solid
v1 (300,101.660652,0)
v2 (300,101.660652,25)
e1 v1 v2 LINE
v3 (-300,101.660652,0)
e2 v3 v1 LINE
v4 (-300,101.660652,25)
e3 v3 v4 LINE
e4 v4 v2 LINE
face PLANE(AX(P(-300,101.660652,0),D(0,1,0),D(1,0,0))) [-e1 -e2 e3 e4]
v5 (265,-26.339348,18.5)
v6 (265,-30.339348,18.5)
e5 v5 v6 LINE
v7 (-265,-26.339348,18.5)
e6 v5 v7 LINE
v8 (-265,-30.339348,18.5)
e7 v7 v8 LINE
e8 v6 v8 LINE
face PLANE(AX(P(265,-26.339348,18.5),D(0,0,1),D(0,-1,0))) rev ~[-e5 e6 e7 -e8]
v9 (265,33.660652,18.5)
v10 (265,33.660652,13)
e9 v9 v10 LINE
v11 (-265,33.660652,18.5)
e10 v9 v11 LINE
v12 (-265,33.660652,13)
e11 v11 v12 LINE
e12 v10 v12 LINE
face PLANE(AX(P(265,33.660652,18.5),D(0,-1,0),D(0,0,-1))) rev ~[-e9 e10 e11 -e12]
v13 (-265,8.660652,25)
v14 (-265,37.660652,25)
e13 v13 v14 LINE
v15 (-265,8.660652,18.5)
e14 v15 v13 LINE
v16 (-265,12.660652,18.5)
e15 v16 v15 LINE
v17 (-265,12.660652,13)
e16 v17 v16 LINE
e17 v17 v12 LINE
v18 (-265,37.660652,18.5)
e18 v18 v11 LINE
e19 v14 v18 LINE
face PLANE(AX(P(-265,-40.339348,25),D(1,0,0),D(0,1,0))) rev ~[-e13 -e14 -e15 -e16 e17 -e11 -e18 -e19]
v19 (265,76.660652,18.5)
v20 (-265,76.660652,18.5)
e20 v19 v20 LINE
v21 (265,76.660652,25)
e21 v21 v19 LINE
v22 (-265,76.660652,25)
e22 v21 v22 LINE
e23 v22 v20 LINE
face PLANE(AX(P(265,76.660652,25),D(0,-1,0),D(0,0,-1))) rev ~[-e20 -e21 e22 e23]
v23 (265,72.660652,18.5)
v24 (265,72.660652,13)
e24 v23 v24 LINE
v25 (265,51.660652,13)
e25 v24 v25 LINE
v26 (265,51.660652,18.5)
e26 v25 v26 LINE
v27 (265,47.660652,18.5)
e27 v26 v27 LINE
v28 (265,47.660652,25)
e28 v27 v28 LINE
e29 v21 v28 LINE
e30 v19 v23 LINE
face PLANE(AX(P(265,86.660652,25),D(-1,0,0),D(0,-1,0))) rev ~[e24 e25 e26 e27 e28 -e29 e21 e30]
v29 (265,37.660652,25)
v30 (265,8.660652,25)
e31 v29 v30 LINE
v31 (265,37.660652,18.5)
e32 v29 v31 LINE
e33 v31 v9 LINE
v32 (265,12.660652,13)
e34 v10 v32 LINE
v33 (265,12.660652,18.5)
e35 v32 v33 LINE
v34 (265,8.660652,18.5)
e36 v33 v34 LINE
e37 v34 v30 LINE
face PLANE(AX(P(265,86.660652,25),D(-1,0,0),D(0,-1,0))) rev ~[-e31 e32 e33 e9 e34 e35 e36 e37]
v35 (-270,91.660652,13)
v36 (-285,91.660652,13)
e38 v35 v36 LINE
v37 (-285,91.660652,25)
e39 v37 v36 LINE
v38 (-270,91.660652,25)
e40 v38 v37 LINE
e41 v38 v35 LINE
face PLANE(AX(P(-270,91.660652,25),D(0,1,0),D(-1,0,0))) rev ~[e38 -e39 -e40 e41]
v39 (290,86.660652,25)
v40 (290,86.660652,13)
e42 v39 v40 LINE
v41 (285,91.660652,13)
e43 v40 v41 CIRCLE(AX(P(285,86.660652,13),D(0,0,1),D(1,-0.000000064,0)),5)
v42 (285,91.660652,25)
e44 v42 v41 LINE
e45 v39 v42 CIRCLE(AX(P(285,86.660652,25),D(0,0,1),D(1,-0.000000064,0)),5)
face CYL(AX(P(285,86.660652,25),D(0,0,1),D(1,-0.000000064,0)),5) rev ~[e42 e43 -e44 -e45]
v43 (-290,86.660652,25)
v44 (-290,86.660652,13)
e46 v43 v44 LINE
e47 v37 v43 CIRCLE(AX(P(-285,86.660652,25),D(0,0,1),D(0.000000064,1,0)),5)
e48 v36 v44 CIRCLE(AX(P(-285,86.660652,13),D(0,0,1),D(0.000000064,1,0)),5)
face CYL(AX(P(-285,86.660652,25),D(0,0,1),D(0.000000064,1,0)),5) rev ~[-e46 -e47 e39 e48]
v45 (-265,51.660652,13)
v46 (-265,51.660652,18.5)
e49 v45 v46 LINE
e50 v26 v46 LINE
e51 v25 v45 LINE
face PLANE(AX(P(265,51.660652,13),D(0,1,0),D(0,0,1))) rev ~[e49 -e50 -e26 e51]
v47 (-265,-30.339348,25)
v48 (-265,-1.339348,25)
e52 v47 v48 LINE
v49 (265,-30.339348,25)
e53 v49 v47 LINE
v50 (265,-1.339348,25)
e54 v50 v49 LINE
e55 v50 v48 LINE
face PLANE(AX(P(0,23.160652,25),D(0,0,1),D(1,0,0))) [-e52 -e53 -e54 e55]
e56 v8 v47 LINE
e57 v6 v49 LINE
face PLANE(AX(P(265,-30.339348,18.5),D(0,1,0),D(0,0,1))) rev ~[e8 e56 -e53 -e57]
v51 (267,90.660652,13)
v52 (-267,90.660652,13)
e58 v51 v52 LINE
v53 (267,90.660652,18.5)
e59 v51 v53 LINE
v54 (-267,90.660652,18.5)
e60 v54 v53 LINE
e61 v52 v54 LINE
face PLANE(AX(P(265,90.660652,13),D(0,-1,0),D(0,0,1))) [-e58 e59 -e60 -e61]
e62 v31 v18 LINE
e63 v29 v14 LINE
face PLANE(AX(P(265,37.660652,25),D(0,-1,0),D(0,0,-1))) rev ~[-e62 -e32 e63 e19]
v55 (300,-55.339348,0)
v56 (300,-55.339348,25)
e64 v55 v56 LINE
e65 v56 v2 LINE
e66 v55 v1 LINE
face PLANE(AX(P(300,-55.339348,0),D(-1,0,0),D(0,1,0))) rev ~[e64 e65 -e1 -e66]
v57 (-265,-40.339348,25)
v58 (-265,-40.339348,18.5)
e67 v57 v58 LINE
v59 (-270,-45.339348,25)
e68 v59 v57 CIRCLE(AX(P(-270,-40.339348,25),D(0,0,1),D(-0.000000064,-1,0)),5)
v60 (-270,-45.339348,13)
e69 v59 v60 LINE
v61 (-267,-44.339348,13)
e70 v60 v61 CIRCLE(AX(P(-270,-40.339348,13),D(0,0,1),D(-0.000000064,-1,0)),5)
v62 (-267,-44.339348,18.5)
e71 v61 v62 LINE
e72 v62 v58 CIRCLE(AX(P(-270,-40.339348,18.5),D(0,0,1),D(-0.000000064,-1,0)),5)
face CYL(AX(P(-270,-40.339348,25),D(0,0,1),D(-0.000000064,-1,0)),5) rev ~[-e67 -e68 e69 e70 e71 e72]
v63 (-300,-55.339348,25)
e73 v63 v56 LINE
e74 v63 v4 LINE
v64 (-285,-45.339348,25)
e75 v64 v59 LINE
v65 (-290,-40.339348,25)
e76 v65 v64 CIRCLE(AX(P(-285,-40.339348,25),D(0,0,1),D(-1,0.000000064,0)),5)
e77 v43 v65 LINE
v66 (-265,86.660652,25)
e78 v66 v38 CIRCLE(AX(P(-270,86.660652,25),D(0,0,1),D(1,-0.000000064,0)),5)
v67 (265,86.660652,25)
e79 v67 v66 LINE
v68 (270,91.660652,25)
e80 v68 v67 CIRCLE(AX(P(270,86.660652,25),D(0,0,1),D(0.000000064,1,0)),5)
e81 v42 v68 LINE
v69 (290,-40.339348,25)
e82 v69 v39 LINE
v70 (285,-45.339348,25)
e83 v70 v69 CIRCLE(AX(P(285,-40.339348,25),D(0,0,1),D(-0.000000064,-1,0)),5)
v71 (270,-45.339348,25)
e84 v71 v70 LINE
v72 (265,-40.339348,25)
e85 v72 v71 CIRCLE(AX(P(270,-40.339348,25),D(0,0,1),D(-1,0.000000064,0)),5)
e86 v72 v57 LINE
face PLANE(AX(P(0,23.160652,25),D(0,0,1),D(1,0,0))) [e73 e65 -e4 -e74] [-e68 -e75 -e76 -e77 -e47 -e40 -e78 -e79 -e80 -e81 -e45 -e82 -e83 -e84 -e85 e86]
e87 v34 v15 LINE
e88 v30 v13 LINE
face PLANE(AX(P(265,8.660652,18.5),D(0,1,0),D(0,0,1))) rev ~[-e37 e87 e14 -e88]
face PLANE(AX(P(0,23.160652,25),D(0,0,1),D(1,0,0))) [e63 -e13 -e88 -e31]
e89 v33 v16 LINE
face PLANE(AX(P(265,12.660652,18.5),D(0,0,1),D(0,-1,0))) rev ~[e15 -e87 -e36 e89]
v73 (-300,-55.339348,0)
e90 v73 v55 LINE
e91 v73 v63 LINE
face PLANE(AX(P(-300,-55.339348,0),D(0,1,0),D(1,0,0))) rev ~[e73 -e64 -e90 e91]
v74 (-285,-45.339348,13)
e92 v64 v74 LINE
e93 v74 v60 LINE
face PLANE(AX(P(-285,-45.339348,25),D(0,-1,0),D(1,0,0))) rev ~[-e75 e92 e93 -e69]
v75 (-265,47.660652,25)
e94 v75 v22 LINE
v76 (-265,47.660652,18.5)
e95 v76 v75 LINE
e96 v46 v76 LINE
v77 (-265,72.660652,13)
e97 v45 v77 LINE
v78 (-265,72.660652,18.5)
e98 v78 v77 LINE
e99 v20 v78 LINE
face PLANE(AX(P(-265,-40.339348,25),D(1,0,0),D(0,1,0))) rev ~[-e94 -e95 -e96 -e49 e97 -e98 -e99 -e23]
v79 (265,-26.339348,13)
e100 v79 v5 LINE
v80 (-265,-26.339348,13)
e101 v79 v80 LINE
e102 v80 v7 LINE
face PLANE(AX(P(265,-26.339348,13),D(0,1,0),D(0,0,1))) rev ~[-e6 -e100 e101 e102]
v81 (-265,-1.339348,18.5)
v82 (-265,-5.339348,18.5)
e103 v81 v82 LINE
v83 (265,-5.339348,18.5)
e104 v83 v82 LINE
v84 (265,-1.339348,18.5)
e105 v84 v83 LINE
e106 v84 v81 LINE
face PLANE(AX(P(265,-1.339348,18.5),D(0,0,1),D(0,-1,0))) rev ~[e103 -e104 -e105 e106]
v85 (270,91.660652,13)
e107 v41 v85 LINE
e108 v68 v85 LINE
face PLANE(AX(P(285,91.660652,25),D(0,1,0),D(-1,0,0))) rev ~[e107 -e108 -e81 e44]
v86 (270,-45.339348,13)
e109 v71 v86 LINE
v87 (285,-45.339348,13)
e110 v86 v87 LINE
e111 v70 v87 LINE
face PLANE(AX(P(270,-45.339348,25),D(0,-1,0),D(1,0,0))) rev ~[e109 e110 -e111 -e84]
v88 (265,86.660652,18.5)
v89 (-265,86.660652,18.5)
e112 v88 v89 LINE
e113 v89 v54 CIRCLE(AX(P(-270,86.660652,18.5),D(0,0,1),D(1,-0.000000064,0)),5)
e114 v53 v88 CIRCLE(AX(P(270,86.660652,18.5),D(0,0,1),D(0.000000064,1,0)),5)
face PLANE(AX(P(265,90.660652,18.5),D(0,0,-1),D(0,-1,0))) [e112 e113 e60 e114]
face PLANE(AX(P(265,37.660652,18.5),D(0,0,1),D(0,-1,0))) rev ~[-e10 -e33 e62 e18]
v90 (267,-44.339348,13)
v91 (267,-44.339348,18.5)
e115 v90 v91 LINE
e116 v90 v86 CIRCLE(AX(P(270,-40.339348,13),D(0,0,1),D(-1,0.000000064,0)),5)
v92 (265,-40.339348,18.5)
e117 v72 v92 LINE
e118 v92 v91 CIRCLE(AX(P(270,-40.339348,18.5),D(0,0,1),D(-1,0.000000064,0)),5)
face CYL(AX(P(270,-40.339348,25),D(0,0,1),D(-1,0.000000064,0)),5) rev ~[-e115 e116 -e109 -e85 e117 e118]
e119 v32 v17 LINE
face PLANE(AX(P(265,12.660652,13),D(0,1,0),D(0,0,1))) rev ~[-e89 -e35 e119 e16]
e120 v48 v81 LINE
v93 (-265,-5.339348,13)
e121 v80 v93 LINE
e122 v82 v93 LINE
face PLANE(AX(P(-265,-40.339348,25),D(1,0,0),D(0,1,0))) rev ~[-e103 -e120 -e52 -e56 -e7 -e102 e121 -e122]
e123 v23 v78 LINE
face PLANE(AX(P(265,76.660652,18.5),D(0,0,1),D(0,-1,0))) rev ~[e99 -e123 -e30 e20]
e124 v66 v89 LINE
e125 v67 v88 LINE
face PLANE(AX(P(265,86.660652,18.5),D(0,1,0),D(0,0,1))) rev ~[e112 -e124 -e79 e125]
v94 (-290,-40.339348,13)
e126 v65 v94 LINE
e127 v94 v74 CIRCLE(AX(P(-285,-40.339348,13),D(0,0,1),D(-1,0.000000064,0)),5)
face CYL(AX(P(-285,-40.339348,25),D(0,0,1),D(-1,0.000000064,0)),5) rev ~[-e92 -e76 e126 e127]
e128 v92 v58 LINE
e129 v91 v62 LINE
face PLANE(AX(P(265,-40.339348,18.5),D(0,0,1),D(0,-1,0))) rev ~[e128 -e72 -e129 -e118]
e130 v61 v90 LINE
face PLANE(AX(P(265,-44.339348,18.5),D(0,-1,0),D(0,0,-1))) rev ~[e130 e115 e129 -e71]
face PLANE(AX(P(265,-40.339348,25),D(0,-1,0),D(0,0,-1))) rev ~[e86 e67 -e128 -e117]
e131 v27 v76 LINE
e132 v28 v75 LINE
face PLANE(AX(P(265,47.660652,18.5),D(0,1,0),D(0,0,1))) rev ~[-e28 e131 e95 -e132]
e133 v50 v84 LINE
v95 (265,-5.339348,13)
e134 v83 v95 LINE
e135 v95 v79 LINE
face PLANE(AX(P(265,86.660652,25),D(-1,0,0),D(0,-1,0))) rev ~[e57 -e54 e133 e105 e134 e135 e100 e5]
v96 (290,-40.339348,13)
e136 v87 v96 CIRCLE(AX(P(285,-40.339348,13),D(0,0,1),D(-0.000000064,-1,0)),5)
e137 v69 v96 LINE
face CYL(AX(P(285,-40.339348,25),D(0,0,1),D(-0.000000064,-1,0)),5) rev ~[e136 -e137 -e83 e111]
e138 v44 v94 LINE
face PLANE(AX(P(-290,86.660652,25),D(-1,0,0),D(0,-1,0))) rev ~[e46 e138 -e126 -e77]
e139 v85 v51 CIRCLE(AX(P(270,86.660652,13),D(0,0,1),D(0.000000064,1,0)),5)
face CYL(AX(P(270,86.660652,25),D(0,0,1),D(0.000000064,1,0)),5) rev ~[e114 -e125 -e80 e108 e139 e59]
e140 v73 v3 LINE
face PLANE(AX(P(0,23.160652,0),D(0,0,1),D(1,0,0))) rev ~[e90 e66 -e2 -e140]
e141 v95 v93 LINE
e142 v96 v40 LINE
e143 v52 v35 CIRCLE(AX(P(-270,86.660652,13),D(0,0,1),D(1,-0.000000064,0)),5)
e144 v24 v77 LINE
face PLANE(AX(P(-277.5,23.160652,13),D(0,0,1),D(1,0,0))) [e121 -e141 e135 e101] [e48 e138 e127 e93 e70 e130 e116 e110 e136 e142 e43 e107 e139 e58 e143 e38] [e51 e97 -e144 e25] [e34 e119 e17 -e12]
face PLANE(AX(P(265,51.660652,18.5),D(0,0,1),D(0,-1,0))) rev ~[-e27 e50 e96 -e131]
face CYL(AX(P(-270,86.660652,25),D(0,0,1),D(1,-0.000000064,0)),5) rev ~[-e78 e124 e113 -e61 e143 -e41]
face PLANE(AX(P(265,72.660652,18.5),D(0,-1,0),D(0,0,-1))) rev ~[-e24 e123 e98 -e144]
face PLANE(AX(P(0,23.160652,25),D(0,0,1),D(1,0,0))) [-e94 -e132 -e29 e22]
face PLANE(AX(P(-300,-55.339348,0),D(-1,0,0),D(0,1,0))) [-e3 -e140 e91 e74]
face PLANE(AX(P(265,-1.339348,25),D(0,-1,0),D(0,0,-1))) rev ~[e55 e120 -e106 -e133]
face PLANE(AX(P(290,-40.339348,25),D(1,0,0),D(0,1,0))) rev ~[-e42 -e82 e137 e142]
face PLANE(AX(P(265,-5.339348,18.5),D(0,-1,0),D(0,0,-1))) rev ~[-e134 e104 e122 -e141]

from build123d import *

# Parameters (mm, degrees)
F0_W     = 600
F0_H     = 157
F1_DEPTH = 25
F3_DEPTH = 12
F5_DEPTH = 545
F6_DEPTH = 16


with BuildPart() as f1:
    # F0 (on Top) → F1 (new body)
    with BuildSketch(Plane.XY):
        with Locations((0, 23.160652)):
            Rectangle(F0_W, F0_H)
    extrude(amount=F1_DEPTH)

    # F2 (on face) → F3 (cut)
    with BuildSketch(Plane.XY.offset(25)):
        with BuildLine():
            Line((-270, 91.660652), (-285, 91.660652))
            ThreePointArc((-285, 91.660652), (-288.535534, 90.196186), (-290, 86.660652))
            Line((-290, 86.660652), (-290, -40.339348))
            ThreePointArc((-290, -40.339348), (-288.535534, -43.874882), (-285, -45.339348))
            Line((-285, -45.339348), (-270, -45.339348))
            ThreePointArc((-270, -45.339348), (-266.464466, -43.874882), (-265, -40.339348))
            Line((-265, -40.339348), (-265, 86.660652))
            ThreePointArc((-265, 86.660652), (-266.464466, 90.196186), (-270, 91.660652))
        make_face()
        with BuildLine():
            ThreePointArc((285, -45.339348), (288.535534, -43.874882), (290, -40.339348))
            Line((290, -40.339348), (290, 86.660652))
            ThreePointArc((290, 86.660652), (288.535534, 90.196186), (285, 91.660652))
            Line((285, 91.660652), (270, 91.660652))
            ThreePointArc((270, 91.660652), (266.464466, 90.196186), (265, 86.660652))
            Line((265, 86.660652), (265, -40.339348))
            ThreePointArc((265, -40.339348), (266.464466, -43.874882), (270, -45.339348))
            Line((270, -45.339348), (285, -45.339348))
        make_face()
    extrude(amount=-F3_DEPTH, mode=Mode.SUBTRACT)

    # F4 (on face) → F5 (cut)
    with BuildSketch(Plane.YZ.offset(265)):
        Polygon((-30.339348, 25), (-40.339348, 25), (-40.339348, 18.5), (-44.339348, 18.5), (-44.339348, 13), (-26.339348, 13), (-26.339348, 18.5), (-30.339348, 18.5), align=None)
        Polygon((-1.339348, 25), (-1.339348, 18.5), (-5.339348, 18.5), (-5.339348, 13), (12.660652, 13), (12.660652, 18.5), (8.660652, 18.5), (8.660652, 25), align=None)
        Polygon((37.660652, 25), (37.660652, 18.5), (33.660652, 18.5), (33.660652, 13), (51.660652, 13), (51.660652, 18.5), (47.660652, 18.5), (47.660652, 25), align=None)
        Polygon((76.660652, 25), (76.660652, 18.5), (72.660652, 18.5), (72.660652, 13), (90.660652, 13), (90.660652, 18.5), (86.660652, 18.5), (86.660652, 25), align=None)
    extrude(amount=-F5_DEPTH, mode=Mode.SUBTRACT)

    # F4 (on face) → F6 (cut)
    with BuildSketch(Plane.YZ.offset(265)):
        Polygon((-30.339348, 25), (-40.339348, 25), (-40.339348, 18.5), (-44.339348, 18.5), (-44.339348, 13), (-26.339348, 13), (-26.339348, 18.5), (-30.339348, 18.5), align=None)
        Polygon((-1.339348, 25), (-1.339348, 18.5), (-5.339348, 18.5), (-5.339348, 13), (12.660652, 13), (12.660652, 18.5), (8.660652, 18.5), (8.660652, 25), align=None)
        Polygon((37.660652, 25), (37.660652, 18.5), (33.660652, 18.5), (33.660652, 13), (51.660652, 13), (51.660652, 18.5), (47.660652, 18.5), (47.660652, 25), align=None)
        Polygon((76.660652, 25), (76.660652, 18.5), (72.660652, 18.5), (72.660652, 13), (90.660652, 13), (90.660652, 18.5), (86.660652, 18.5), (86.660652, 25), align=None)
    extrude(amount=F6_DEPTH, mode=Mode.SUBTRACT)


solid = f1.part
